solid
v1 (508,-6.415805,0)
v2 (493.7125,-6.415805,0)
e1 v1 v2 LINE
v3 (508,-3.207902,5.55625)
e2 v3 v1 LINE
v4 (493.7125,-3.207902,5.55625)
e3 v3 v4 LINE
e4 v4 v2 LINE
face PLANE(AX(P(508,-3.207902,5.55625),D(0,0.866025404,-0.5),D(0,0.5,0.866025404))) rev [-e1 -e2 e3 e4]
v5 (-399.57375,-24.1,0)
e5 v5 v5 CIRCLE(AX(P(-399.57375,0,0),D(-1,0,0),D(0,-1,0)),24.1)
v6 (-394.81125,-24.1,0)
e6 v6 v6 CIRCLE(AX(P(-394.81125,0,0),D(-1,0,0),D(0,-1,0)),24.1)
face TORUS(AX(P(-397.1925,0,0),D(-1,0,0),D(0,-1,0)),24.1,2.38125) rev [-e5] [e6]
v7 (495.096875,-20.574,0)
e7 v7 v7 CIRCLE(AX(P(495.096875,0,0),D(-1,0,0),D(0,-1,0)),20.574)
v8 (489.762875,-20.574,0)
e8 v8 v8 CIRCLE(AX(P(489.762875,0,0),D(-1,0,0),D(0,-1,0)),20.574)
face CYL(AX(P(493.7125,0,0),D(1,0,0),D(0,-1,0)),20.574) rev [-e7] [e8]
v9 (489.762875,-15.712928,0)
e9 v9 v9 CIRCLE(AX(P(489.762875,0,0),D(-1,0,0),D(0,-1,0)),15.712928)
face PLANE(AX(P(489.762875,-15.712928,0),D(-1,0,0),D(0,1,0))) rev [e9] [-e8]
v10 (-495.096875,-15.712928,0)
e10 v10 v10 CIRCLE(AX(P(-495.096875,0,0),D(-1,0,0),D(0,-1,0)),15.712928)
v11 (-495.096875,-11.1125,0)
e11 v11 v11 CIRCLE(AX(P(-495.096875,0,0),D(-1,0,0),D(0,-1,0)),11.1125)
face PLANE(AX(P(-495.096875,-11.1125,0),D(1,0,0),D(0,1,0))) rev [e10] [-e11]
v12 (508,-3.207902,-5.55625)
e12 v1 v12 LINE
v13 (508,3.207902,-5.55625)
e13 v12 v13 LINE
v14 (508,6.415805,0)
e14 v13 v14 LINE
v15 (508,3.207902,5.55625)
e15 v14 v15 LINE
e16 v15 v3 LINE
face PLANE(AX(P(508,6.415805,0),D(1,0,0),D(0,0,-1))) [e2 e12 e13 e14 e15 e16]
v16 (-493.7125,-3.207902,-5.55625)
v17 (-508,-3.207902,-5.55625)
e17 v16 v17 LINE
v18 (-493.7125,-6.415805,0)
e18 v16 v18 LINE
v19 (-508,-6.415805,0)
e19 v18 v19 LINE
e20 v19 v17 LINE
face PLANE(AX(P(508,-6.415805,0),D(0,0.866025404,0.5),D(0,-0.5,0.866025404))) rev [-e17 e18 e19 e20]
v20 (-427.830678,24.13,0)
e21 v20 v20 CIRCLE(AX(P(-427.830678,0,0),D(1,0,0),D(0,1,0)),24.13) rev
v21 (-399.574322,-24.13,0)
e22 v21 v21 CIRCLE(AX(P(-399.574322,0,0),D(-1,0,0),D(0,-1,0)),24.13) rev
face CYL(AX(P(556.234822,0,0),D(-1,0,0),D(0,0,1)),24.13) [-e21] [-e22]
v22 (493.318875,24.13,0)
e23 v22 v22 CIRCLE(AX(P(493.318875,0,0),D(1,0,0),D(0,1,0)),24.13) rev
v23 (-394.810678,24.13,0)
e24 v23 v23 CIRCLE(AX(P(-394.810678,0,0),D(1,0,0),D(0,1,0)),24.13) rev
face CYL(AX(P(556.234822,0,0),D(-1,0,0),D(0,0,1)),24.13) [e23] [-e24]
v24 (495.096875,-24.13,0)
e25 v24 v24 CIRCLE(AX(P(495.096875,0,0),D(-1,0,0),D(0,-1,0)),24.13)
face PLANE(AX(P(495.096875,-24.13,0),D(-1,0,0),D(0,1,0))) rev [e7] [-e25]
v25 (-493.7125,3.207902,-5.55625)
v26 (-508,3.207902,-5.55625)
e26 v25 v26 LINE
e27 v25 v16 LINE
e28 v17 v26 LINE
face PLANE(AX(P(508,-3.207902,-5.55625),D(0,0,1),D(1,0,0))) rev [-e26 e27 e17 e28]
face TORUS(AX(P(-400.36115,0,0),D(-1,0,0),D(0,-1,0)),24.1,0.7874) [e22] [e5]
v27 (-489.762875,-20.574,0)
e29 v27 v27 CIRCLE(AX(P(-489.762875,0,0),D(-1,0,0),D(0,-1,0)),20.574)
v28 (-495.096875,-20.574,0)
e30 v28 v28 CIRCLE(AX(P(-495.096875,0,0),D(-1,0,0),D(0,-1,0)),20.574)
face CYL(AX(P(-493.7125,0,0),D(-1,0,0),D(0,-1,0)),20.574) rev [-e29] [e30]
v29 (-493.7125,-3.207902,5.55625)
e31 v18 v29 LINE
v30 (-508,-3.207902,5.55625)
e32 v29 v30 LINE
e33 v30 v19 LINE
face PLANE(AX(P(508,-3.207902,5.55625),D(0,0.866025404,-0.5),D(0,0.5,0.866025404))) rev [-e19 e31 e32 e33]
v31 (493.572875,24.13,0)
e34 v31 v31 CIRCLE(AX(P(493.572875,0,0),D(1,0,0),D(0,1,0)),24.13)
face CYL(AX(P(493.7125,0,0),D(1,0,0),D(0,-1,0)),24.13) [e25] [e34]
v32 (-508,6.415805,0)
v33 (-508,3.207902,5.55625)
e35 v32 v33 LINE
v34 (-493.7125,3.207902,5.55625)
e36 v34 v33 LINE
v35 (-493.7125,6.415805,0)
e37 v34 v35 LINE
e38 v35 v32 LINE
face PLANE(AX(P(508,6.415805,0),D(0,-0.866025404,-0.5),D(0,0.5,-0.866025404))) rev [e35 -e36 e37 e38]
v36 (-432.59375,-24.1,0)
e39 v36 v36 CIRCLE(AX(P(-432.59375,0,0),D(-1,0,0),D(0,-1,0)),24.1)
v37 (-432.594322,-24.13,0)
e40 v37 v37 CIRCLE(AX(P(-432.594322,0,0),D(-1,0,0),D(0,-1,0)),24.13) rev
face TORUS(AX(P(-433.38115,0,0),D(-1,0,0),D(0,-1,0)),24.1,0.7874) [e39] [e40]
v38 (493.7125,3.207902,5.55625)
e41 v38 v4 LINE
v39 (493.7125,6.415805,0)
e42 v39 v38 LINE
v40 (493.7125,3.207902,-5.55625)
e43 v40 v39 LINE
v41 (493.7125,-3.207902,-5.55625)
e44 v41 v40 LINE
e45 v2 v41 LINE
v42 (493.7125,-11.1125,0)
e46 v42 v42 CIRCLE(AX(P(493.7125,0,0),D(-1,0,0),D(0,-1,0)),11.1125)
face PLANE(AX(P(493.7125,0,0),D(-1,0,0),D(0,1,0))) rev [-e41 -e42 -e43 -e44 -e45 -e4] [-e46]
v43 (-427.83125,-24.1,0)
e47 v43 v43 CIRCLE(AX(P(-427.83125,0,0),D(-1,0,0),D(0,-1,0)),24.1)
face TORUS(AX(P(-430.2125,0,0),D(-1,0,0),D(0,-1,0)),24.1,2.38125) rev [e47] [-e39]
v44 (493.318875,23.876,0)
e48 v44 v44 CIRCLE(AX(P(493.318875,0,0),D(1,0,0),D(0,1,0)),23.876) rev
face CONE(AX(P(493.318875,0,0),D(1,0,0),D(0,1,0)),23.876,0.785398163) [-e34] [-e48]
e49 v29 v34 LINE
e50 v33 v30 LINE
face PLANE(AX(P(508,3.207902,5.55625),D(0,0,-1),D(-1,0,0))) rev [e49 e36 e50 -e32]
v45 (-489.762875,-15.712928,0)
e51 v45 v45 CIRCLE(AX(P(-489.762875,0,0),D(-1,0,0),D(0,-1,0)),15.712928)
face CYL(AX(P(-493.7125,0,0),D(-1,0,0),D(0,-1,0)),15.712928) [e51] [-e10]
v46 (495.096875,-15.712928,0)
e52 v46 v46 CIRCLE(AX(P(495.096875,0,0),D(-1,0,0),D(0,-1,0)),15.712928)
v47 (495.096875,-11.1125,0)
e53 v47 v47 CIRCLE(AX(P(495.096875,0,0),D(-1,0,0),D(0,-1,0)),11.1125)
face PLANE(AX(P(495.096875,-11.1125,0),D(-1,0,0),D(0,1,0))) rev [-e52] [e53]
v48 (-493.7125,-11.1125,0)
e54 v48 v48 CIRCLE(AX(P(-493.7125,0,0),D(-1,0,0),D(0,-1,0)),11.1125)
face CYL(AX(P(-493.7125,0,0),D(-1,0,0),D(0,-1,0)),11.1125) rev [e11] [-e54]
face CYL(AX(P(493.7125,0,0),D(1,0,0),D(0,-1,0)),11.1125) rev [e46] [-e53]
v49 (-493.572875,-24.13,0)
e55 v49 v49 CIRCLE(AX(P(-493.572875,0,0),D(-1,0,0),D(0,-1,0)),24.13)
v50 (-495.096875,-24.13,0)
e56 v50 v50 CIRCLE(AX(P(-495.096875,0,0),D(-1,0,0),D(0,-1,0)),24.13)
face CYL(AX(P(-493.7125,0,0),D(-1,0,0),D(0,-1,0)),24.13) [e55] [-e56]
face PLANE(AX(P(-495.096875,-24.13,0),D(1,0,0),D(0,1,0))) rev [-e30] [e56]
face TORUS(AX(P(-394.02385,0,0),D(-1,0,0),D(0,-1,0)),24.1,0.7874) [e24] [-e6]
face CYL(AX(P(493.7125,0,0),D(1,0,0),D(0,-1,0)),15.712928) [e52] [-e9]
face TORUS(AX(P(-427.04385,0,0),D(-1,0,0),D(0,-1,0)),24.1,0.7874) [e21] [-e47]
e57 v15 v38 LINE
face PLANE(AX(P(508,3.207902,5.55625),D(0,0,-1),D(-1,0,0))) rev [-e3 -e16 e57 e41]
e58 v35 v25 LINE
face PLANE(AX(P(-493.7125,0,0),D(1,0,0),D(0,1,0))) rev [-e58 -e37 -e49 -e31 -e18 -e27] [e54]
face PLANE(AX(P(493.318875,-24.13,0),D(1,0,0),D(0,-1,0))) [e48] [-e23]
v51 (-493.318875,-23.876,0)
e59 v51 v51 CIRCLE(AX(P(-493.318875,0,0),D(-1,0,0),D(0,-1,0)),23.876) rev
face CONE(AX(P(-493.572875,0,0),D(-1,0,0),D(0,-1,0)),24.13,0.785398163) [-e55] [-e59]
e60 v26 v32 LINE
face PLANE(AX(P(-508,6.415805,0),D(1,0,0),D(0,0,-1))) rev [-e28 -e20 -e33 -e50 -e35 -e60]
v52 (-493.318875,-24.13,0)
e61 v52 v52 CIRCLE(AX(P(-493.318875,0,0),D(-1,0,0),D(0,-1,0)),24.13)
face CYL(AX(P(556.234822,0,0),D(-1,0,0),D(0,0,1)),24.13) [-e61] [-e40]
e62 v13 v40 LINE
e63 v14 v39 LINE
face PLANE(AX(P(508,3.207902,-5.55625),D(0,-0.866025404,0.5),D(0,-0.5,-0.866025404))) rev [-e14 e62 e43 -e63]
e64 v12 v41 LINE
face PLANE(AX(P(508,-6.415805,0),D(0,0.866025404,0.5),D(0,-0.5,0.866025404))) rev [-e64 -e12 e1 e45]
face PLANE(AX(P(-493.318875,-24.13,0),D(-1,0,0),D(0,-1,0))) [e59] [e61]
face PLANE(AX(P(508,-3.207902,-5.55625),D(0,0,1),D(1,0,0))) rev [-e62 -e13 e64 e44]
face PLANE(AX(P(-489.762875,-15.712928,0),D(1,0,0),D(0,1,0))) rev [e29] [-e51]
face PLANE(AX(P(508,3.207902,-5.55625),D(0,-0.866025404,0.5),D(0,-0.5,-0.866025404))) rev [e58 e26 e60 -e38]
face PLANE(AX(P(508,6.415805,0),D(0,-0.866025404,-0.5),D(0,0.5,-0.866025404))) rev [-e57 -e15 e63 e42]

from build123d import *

# Parameters (mm, degrees)
BOSS_EXTRUDE1_START             = -487.984875
SKETCH3_R                       = 24.13
BOSS_EXTRUDE1_DEPTH             = 975.96975
CHAMFER1_SIZE                   = 0.254
BOSS_EXTRUDE3_REACH             = 985.674
SKETCH6_R                       = 24.13
SKETCH6_R_2                     = 22.352
BOSS_EXTRUDE3_DIRECTION_2_REACH = 985.674
BOSS_EXTRUDE2_DEPTH             = 508
BOSS_EXTRUDE2_DEPTH_BACK        = 508
LPATTERN1_COUNT                 = 2
LPATTERN1_PITCH                 = 33.02


with BuildPart() as part:
    # Sketch2 → Revolve1 (revolve)
    with BuildSketch(Plane.XY, mode=Mode.PRIVATE) as revolve1_sk:
        Polygon((-493.7125, 0), (-493.7125, 11.1125), (-495.096875, 11.1125), (-495.096875, 15.712927565), (-489.762875, 15.712927565), (-489.762875, 20.574), (-495.096875, 20.574), (-495.096875, 24.13), (-493.318875, 24.13), (-493.318875, 22.352), (-487.984875, 22.352), (-487.984875, 0), align=None)
    revolve(revolve1_sk.sketch.rotate(Axis((-493.7125, 0, 0), (1, 0, 0)), 180), axis=Axis((-493.7125, 0, 0), (1, 0, 0)))


with BuildPart() as body_2:
    # Mirror2: mirrored copy
    add(part.part.mirror(Plane(origin=(0, 0, 0), x_dir=(0, 0, 1), z_dir=(1, 0, 0))))


with BuildPart() as part_1:
    add(part.part)

    add(body_2.part)  # Boss-Extrude1 merges body 2
    # Sketch3 → Boss-Extrude1 (add)
    with BuildSketch(Plane(origin=(0, 0, 0), x_dir=(0, 0, -1), z_dir=(1, 0, 0)).offset(BOSS_EXTRUDE1_START)):
        with Locations(Location((0, 0, 0), (0, 0, 270))):
            Circle(SKETCH3_R)
    extrude(amount=BOSS_EXTRUDE1_DEPTH)

    # Chamfer1
    chamfer1_edges = [part_1.edges().sort_by_distance(p)[0] for p in [
        (493.318875, 24.13, 0),
        (-493.318875, 24.13, 0),
    ]]
    chamfer(chamfer1_edges, length=CHAMFER1_SIZE)

    # Boss-Extrude3: up to this face of the body (flat: up to its plane)
    boss_extrude3_end = Plane(part_1.part.faces().sort_by_distance((-493.318875, 23.20068474, 0))[0])
    # Sketch6 → Boss-Extrude3 (add, up to the picked face)
    with BuildSketch(Plane.ZY.offset(487.984875), mode=Mode.PRIVATE) as boss_extrude3_sk1:
        with Locations(Location((0, 0, 0), (0, 0, 270))):
            Circle(SKETCH6_R)
        Circle(SKETCH6_R_2, mode=Mode.SUBTRACT)
    boss_extrude3_tool1 = split(extrude(boss_extrude3_sk1.sketch, amount=BOSS_EXTRUDE3_REACH, mode=Mode.PRIVATE), bisect_by=boss_extrude3_end, keep=Keep.BOTH, mode=Mode.PRIVATE)
    add(boss_extrude3_tool1.solids().sort_by(Axis((-487.984875, 23.447501, 0), (-1, 0, 0)))[0])

    # Boss-Extrude3 direction 2: up to this face of the body (flat: up to its plane)
    boss_extrude3_direction_2_end = Plane(part_1.part.faces().sort_by_distance((493.318875, 23.20068474, 0))[0])
    # Sketch6 → Boss-Extrude3 direction 2 (add, up to the picked face)
    with BuildSketch(Plane.ZY.offset(487.984875), mode=Mode.PRIVATE) as boss_extrude3_direction_2_sk1:
        with Locations(Location((0, 0, 0), (0, 0, 270))):
            Circle(SKETCH6_R)
        Circle(SKETCH6_R_2, mode=Mode.SUBTRACT)
    boss_extrude3_direction_2_tool1 = split(extrude(boss_extrude3_direction_2_sk1.sketch, amount=-BOSS_EXTRUDE3_DIRECTION_2_REACH, mode=Mode.PRIVATE), bisect_by=boss_extrude3_direction_2_end, keep=Keep.BOTH, mode=Mode.PRIVATE)
    add(boss_extrude3_direction_2_tool1.solids().sort_by(Axis((-487.984875, 23.447501, 0), (1, 0, 0)))[0])

    # Sketch4 → Boss-Extrude2 (add, two sides: drawn at the far end of the back side and taken through both)
    with BuildSketch(Plane(origin=(0, 0, 0), x_dir=(0, 0, -1), z_dir=(1, 0, 0)).offset(-BOSS_EXTRUDE2_DEPTH_BACK)):
        Polygon((0, 6.415804866), (-5.55625, 3.207902433), (-5.55625, -3.207902433), (0, -6.415804866), (5.55625, -3.207902433), (5.55625, 3.207902433), align=None)
    extrude(amount=BOSS_EXTRUDE2_DEPTH + BOSS_EXTRUDE2_DEPTH_BACK)

    # Sketch5 → Cut-Revolve1 (revolve, cut)
    with BuildSketch(Plane.XY, mode=Mode.PRIVATE) as cut_revolve1_sk:
        with BuildLine():
            Line((-433.38115, 24.8874), (-433.38115, 25.5224))
            Line((-433.38115, 25.5224), (-427.04385, 25.5224))
            Line((-427.04385, 25.5224), (-427.04385, 24.8874))
            ThreePointArc((-427.04385, 24.8874), (-427.60062588, 24.65677588), (-427.83125, 24.1))
            ThreePointArc((-427.83125, 24.1), (-430.2125, 21.71875), (-432.59375, 24.1))
            ThreePointArc((-432.59375, 24.1), (-432.82437412, 24.65677588), (-433.38115, 24.8874))
        make_face()
    cut_revolve1 = revolve(cut_revolve1_sk.sketch.rotate(Axis((-508, 0, 0), (1, 0, 0)), 180), axis=Axis((-508, 0, 0), (1, 0, 0)), mode=Mode.SUBTRACT)

    # LPattern1: Cut-Revolve1 ×2
    with Locations(*[(i * LPATTERN1_PITCH, 0, 0) for i in range(1, LPATTERN1_COUNT)]):
        add(cut_revolve1, mode=Mode.SUBTRACT)


solid = part_1.part
